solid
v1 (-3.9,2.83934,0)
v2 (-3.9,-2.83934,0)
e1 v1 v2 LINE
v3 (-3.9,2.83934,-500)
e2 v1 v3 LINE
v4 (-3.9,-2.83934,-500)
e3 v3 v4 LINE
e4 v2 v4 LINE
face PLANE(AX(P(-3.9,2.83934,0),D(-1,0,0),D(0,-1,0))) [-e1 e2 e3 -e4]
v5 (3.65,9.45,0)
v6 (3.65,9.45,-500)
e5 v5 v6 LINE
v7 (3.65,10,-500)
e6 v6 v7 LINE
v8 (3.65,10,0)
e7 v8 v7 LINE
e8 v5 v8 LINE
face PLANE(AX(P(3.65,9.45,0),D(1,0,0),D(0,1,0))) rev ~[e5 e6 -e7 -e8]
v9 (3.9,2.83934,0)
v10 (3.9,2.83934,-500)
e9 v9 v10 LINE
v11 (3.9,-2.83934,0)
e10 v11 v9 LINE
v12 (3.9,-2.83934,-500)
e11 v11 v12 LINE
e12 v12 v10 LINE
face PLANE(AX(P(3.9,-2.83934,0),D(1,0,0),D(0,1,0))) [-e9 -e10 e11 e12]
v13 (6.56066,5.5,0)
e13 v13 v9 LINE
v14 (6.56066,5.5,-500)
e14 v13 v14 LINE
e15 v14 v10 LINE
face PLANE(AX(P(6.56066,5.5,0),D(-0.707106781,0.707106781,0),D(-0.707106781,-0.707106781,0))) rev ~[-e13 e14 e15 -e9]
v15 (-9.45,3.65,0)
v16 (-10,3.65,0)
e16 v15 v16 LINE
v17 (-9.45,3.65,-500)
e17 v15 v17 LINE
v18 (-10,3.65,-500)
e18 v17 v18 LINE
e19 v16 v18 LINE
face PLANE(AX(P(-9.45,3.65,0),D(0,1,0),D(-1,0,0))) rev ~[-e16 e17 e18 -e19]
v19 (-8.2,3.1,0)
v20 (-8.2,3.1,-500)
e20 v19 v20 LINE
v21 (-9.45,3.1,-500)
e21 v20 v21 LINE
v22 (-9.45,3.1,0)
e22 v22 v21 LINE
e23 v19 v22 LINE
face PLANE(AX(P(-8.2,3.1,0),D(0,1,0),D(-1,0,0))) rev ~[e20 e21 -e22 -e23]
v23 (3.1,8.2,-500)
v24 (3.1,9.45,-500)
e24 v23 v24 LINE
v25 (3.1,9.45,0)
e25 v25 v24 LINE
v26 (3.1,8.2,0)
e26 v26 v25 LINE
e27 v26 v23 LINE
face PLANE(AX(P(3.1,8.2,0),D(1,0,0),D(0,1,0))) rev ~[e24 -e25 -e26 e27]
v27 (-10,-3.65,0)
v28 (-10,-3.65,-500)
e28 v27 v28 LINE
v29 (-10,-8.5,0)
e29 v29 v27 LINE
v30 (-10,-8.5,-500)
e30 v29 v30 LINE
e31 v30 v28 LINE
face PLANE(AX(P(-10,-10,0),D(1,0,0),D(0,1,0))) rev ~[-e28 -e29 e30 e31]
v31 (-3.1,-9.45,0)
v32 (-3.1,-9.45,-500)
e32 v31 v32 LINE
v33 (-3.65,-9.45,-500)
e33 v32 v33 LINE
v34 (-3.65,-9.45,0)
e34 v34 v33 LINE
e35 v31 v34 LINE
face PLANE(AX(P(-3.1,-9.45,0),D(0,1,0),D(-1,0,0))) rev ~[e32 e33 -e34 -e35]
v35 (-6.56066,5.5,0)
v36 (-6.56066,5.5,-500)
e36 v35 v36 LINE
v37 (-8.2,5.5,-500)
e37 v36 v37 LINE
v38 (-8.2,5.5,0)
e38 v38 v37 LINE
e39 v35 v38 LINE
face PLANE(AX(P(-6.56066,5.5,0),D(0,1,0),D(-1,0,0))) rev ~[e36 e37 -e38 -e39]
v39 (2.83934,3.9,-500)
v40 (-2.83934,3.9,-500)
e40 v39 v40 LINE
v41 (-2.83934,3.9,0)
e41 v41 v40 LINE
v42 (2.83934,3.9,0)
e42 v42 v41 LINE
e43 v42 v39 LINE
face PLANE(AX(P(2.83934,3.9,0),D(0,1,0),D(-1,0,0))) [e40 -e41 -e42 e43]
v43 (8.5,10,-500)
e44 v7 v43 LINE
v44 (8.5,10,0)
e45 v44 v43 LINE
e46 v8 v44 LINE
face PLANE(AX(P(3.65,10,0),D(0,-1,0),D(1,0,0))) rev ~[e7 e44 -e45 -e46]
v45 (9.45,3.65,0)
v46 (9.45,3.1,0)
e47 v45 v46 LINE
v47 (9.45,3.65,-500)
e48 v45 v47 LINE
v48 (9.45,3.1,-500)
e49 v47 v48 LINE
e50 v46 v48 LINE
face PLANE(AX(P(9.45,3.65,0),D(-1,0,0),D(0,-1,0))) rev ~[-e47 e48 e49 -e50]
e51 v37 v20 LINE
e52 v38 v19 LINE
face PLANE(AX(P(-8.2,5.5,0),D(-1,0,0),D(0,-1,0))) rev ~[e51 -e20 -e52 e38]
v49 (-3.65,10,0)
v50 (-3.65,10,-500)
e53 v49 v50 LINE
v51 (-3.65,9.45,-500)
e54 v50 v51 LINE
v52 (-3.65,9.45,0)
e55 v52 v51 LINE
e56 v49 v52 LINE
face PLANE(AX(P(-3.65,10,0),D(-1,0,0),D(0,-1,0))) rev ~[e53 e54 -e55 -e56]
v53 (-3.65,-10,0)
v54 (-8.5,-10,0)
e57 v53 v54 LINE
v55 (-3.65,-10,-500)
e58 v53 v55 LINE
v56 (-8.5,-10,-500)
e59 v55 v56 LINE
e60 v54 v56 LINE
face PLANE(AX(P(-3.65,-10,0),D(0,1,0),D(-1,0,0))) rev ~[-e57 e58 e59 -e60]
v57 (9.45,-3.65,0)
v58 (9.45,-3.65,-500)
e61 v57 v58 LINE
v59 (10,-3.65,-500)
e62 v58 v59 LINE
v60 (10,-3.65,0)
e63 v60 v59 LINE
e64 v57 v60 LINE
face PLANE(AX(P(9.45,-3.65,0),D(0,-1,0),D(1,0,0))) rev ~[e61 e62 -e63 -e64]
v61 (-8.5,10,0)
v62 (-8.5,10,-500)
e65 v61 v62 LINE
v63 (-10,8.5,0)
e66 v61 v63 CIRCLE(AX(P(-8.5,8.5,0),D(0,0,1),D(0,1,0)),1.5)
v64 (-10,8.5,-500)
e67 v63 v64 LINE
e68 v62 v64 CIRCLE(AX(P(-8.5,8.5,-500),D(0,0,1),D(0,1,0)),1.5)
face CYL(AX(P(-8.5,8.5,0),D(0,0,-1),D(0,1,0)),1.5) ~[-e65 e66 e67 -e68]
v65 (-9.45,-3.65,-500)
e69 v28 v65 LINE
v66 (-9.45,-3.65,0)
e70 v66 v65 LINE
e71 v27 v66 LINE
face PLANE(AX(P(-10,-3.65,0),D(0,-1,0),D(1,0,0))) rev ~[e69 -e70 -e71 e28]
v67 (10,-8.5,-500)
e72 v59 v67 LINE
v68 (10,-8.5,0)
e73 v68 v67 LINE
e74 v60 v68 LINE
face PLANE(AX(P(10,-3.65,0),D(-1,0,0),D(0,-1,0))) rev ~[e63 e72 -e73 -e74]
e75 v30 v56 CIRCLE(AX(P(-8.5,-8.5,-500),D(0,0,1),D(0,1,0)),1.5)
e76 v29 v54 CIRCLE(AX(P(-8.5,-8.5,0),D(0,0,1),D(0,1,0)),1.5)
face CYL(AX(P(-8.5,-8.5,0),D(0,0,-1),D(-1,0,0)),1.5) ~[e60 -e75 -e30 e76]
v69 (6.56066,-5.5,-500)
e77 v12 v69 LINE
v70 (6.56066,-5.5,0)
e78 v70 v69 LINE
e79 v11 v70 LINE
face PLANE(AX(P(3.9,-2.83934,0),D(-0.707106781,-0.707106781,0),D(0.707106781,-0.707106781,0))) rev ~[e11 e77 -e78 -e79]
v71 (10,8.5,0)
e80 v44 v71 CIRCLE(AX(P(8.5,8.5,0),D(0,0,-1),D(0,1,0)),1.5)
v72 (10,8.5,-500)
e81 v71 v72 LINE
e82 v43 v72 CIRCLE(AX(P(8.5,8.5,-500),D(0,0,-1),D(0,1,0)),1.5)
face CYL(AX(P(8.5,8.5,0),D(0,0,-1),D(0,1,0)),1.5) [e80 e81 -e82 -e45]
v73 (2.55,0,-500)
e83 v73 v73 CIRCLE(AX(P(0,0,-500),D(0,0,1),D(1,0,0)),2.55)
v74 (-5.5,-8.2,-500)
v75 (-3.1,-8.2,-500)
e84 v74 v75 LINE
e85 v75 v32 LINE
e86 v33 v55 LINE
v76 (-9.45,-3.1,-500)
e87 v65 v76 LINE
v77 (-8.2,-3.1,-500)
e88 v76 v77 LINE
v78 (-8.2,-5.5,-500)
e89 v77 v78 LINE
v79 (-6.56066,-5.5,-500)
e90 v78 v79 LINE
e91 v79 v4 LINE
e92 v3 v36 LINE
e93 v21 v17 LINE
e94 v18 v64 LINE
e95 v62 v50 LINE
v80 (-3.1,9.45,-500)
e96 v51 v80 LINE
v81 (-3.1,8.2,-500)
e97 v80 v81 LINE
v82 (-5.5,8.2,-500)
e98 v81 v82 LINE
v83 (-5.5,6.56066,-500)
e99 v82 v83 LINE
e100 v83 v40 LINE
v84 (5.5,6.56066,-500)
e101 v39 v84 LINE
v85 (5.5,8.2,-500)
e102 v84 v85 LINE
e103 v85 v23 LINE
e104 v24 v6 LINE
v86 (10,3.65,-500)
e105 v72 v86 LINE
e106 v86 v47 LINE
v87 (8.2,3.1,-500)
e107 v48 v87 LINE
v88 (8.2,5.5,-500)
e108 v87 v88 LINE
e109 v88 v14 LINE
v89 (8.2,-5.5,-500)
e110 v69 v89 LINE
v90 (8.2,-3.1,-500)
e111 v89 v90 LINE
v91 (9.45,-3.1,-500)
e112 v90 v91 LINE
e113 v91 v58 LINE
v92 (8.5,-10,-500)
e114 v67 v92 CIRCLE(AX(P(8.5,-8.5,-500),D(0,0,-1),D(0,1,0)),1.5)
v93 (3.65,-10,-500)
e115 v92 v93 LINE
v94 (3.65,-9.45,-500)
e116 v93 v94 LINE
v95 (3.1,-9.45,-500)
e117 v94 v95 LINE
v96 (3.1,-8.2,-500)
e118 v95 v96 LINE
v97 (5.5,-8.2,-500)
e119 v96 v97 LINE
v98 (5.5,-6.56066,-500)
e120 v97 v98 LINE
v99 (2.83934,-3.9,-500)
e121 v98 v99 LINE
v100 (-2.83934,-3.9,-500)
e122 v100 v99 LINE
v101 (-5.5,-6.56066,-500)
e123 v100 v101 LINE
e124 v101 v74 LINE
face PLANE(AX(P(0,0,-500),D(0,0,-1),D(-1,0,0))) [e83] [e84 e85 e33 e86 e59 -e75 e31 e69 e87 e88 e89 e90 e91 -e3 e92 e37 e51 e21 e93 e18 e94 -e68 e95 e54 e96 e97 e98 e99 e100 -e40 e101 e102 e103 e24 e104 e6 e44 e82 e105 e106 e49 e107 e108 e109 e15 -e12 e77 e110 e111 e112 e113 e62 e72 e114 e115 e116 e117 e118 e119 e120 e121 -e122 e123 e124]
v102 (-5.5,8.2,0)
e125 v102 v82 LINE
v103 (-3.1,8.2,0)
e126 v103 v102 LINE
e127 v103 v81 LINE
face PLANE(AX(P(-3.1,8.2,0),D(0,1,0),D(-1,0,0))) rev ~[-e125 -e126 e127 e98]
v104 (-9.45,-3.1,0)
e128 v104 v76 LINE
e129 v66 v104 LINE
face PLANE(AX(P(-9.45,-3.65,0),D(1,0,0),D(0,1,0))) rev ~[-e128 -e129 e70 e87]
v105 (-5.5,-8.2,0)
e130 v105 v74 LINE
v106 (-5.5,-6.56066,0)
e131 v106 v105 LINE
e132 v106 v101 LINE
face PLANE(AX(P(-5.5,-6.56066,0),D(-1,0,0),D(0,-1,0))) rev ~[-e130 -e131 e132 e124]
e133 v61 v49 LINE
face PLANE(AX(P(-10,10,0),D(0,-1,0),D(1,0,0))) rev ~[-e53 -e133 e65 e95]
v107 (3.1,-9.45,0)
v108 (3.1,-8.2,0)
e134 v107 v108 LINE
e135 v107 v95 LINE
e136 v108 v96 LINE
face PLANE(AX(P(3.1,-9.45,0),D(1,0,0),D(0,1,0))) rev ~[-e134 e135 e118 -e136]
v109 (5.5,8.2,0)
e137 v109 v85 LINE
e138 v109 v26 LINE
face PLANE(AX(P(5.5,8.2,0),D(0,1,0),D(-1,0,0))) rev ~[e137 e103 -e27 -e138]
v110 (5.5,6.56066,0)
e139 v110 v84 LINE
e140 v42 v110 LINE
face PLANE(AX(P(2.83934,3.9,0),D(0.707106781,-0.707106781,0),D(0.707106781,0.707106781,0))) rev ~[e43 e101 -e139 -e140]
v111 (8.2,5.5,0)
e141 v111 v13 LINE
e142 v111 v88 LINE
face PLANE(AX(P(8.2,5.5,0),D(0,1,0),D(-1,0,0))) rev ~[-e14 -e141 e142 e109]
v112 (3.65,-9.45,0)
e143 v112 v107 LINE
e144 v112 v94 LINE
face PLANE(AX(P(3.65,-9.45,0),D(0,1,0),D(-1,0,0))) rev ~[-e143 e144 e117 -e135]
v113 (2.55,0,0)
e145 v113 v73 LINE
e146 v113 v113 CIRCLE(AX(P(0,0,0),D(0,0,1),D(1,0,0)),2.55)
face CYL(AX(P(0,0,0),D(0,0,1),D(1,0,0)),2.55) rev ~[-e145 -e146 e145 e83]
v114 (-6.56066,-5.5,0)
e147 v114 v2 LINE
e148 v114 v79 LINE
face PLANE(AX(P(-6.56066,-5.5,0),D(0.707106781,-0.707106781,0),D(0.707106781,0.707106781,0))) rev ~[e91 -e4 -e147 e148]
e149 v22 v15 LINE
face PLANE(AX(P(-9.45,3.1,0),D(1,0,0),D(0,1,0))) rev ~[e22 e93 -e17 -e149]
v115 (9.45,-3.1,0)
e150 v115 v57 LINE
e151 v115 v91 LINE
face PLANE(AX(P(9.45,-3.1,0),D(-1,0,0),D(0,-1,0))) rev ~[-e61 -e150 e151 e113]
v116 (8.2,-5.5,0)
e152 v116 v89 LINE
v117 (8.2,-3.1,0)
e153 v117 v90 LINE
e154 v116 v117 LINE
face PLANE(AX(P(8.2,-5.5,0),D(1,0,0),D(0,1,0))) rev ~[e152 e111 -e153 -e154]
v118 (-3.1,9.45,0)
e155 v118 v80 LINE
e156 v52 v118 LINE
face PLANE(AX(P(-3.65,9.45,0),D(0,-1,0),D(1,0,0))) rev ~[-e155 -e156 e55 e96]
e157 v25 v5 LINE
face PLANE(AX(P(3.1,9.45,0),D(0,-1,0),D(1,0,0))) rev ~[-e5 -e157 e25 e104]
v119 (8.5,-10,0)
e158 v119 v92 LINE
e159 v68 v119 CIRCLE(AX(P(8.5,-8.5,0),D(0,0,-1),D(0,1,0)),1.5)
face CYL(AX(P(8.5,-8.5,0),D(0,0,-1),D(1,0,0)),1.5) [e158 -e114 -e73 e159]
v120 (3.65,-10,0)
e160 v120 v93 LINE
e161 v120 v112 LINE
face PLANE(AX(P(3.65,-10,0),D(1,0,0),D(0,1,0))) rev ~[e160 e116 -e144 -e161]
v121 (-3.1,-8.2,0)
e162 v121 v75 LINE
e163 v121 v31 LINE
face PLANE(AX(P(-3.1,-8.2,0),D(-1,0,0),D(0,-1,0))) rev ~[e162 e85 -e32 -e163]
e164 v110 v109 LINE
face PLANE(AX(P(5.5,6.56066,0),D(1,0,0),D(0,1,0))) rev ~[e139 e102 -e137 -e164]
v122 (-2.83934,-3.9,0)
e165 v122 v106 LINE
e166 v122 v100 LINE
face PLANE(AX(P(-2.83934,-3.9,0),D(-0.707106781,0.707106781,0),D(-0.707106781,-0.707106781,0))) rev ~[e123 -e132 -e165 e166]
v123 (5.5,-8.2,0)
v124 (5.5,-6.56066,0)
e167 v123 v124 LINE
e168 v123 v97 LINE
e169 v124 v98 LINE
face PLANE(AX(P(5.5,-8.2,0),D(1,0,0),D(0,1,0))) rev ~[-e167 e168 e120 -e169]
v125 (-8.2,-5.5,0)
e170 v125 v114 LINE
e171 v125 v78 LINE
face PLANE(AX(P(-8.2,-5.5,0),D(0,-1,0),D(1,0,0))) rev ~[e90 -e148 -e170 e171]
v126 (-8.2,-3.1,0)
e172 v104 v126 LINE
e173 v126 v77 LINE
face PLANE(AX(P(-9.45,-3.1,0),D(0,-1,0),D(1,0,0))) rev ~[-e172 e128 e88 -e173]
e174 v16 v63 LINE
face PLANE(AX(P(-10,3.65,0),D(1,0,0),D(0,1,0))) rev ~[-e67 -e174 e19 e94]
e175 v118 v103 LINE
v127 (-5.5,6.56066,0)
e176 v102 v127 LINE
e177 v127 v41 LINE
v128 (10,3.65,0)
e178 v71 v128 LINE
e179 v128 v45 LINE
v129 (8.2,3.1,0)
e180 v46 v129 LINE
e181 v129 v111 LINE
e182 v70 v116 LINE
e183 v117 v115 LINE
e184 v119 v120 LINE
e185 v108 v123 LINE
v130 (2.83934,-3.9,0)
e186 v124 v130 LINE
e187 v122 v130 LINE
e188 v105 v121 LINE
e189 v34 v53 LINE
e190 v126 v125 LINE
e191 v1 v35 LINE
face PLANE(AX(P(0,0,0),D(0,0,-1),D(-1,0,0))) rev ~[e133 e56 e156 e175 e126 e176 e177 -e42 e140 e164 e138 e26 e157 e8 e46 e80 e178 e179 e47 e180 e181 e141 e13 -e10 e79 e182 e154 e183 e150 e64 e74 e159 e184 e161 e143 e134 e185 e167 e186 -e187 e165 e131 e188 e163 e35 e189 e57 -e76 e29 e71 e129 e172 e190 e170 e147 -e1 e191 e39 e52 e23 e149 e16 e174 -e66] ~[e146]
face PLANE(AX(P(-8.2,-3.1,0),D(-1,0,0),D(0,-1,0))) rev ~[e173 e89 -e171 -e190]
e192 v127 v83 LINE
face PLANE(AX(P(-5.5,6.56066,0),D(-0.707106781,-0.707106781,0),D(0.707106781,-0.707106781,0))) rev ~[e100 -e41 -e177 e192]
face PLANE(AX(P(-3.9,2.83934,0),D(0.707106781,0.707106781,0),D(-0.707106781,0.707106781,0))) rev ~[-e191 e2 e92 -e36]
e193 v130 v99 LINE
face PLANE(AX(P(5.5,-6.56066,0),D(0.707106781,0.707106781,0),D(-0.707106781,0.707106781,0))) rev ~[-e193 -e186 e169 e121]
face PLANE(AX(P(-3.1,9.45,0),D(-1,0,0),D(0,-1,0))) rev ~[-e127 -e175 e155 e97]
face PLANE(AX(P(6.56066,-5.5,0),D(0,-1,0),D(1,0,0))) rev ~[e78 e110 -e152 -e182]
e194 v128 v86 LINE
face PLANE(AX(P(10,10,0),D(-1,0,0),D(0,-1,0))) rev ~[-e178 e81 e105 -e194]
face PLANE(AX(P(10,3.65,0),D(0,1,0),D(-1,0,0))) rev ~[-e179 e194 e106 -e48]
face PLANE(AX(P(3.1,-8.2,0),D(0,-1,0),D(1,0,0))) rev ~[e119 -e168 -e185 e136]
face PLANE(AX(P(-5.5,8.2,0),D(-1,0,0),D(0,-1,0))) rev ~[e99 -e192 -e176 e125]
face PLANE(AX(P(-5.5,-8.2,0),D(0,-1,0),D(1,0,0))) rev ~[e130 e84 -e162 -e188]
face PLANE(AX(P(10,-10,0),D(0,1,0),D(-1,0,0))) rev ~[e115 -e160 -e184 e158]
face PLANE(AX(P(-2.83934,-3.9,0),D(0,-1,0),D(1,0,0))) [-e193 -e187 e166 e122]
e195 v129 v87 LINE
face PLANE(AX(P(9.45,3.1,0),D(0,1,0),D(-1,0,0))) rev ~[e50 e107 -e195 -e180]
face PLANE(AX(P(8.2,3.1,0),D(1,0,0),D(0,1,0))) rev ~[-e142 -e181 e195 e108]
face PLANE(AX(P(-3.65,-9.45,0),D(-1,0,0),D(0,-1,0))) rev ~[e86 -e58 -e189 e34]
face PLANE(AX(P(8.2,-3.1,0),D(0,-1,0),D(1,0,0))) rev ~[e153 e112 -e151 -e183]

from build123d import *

# Parameters (mm, degrees)
BOSS_EXTRUDE1_DEPTH = 500
SKETCH3_R           = 2.55
CUT_EXTRUDE1_DEPTH  = 501.199960016
FILLET1_R           = 1.5


with BuildPart() as part:
    # Sketch2 → Boss-Extrude1 (new body)
    with BuildSketch(Plane.XY):
        Polygon((-10, 10), (-3.65, 10), (-3.65, 9.45), (-3.1, 9.45), (-3.1, 8.2), (-5.5, 8.2), (-5.5, 6.560660172), (-2.839339828, 3.9), (0, 3.9), (2.839339828, 3.9), (5.5, 6.560660172), (5.5, 8.2), (3.1, 8.2), (3.1, 9.45), (3.65, 9.45), (3.65, 10), (10, 10), (10, 3.65), (9.45, 3.65), (9.45, 3.1), (8.2, 3.1), (8.2, 5.5), (6.560660172, 5.5), (3.9, 2.839339828), (3.9, 0), (3.9, -2.839339828), (6.560660172, -5.5), (8.2, -5.5), (8.2, -3.1), (9.45, -3.1), (9.45, -3.65), (10, -3.65), (10, -10), (3.65, -10), (3.65, -9.45), (3.1, -9.45), (3.1, -8.2), (5.5, -8.2), (5.5, -6.560660172), (2.839339828, -3.9), (0, -3.9), (-2.839339828, -3.9), (-5.5, -6.560660172), (-5.5, -8.2), (-3.1, -8.2), (-3.1, -9.45), (-3.65, -9.45), (-3.65, -10), (-10, -10), (-10, -3.65), (-9.45, -3.65), (-9.45, -3.1), (-8.2, -3.1), (-8.2, -5.5), (-6.560660172, -5.5), (-3.9, -2.839339828), (-3.9, 0), (-3.9, 2.839339828), (-6.560660172, 5.5), (-8.2, 5.5), (-8.2, 3.1), (-9.45, 3.1), (-9.45, 3.65), (-10, 3.65), align=None)
    extrude(amount=-BOSS_EXTRUDE1_DEPTH)

    # Sketch3 → Cut-Extrude1 (cut, through all)
    with BuildSketch(Plane.XY):
        Circle(SKETCH3_R)
    extrude(amount=-CUT_EXTRUDE1_DEPTH, mode=Mode.SUBTRACT)

    # Fillet1
    fillet1_edges = [part.edges().sort_by_distance(p)[0] for p in [
        (10, 10, -250),
        (10, -10, -250),
        (-10, -10, -250),
        (-10, 10, -250),
    ]]
    fillet(fillet1_edges, radius=FILLET1_R)


solid = part.part
